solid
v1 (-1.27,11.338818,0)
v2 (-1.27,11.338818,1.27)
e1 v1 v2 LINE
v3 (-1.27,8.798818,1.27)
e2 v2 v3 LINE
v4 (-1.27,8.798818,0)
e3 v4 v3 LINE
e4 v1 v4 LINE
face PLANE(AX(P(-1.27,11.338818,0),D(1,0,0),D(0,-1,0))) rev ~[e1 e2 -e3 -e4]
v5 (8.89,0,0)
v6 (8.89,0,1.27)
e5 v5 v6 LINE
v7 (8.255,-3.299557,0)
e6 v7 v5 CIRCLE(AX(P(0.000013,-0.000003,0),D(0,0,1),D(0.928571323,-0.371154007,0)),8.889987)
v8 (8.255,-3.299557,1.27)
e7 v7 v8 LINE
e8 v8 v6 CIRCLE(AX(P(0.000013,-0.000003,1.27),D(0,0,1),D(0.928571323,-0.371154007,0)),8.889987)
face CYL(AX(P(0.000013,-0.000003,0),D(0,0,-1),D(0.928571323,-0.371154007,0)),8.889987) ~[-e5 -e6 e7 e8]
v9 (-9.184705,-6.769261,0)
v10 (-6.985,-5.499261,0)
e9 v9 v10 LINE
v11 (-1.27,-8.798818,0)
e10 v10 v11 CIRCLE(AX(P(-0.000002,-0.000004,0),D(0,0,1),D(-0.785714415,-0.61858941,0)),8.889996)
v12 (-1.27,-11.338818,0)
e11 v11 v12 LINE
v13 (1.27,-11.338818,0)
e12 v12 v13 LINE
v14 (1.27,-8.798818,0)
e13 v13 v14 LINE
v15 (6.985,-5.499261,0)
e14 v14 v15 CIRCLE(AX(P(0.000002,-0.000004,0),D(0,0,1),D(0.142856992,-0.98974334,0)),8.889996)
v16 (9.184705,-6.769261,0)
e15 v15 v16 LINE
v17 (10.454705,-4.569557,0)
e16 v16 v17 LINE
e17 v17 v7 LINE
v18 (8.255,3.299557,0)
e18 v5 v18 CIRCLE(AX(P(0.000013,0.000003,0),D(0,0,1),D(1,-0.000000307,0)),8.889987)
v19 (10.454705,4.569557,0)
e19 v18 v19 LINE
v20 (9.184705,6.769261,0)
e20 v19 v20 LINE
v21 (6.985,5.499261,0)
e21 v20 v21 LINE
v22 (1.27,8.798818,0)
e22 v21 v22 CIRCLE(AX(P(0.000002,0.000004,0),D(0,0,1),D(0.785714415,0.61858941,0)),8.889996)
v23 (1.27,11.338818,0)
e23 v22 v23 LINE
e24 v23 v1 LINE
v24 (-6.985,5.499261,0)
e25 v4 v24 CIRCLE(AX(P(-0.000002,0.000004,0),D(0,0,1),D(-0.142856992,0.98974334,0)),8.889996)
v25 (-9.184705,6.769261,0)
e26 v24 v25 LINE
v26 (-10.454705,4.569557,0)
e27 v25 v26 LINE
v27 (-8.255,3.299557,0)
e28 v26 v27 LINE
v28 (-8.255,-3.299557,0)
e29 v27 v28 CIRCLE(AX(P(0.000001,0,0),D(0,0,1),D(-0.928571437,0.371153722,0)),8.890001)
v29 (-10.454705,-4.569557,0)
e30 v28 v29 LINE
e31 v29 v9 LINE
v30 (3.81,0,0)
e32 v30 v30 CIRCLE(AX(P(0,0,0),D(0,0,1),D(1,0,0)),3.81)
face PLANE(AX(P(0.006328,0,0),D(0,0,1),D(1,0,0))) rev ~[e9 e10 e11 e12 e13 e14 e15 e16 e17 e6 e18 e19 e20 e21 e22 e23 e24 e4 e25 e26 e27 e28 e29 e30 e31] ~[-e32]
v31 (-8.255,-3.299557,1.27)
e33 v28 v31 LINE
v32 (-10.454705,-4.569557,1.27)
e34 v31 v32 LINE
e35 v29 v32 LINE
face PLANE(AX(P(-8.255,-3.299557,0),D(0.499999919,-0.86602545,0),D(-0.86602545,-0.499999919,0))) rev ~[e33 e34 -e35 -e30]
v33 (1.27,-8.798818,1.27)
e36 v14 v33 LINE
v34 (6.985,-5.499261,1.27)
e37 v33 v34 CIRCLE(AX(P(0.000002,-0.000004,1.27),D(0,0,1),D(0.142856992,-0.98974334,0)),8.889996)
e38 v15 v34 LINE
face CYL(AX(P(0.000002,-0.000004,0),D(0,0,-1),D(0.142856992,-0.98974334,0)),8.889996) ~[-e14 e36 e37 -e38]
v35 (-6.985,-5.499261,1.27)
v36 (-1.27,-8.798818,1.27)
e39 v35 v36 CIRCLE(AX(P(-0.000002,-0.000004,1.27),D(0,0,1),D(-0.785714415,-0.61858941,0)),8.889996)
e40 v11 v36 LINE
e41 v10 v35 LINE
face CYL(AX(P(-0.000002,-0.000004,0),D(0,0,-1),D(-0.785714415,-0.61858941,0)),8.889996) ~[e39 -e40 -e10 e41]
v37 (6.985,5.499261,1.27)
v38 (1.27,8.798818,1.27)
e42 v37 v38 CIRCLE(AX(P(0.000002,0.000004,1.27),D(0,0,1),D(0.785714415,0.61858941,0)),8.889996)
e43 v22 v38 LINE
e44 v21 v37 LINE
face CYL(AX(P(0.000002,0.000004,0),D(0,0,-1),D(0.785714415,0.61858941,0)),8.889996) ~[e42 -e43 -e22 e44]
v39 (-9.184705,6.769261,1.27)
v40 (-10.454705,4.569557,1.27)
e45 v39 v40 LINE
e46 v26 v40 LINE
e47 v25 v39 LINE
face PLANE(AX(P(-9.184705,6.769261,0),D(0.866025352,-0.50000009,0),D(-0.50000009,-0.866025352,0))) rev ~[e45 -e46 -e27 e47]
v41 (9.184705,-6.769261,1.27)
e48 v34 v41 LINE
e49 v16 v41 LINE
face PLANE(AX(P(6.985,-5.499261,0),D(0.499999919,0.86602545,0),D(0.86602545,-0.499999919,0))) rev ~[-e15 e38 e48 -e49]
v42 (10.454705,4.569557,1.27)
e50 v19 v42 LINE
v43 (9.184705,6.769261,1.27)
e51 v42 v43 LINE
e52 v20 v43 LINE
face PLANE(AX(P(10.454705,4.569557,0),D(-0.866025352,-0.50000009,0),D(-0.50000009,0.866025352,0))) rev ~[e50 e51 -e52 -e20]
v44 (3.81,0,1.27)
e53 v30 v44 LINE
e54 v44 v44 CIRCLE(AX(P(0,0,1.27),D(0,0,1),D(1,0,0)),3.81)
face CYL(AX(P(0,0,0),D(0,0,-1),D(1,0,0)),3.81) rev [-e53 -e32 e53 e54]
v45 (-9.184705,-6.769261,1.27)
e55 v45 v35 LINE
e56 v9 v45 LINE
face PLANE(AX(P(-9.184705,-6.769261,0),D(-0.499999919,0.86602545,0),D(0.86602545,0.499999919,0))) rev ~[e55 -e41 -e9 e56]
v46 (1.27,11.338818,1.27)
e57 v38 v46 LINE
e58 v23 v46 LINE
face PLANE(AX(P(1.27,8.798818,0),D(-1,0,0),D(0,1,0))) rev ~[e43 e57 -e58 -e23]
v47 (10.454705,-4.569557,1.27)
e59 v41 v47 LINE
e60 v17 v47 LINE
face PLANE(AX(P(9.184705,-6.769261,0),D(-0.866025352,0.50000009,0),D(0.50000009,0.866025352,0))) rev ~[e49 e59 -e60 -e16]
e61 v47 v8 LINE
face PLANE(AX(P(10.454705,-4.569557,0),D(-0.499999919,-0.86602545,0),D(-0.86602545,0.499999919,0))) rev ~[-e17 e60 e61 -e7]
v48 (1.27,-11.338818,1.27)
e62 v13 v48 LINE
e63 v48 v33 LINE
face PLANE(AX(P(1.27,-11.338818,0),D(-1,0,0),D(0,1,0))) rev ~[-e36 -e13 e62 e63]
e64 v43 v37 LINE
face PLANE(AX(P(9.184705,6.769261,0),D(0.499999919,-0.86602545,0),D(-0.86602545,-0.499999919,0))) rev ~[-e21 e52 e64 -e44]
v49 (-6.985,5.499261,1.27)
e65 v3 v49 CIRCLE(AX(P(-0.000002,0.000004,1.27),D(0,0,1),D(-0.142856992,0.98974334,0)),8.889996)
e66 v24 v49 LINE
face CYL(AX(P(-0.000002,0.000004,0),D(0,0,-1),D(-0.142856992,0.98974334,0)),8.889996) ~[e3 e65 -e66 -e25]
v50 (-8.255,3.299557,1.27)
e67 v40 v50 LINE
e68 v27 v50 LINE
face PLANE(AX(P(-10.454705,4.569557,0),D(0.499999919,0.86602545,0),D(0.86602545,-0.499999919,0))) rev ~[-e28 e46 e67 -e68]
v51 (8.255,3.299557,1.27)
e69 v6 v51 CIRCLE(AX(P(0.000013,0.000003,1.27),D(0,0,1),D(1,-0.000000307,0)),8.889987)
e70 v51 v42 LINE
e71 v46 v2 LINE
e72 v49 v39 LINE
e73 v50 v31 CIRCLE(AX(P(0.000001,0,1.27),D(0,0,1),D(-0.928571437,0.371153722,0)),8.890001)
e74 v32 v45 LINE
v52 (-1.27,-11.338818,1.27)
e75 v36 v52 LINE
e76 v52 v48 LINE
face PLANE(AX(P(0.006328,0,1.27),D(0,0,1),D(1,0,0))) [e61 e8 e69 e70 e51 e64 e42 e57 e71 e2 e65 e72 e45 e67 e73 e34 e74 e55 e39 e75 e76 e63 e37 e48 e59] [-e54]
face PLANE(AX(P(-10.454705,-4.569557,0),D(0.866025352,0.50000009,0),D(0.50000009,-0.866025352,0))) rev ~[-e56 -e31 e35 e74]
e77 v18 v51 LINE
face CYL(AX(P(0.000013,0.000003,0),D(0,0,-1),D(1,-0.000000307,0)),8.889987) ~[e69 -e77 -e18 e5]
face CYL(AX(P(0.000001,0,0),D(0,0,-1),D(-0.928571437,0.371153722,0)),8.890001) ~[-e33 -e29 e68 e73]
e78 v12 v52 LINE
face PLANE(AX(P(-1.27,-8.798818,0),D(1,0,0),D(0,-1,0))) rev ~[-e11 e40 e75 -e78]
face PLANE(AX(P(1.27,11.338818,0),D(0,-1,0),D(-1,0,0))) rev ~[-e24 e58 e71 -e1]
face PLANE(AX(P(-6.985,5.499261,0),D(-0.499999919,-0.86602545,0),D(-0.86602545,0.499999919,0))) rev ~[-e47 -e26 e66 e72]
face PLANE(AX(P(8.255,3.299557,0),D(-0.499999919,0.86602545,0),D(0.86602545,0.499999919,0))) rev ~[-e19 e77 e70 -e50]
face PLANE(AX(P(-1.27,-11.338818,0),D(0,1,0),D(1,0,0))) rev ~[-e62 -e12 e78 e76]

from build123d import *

# Parameters (mm, degrees)
F0_R     = 3.81
F1_DEPTH = 1.27


with BuildPart() as f1:
    # F0 (on Top) → F1 (new body)
    with BuildSketch(Plane.XY):
        with BuildLine():
            ThreePointArc((8.255, -3.299557), (8.729807, -1.680052), (8.89, 0))
            ThreePointArc((8.89, 0), (8.729807, 1.680052), (8.255, 3.299557))
            ThreePointArc((8.255, 3.299557), (7.698966, 4.445), (6.985, 5.499261))
            ThreePointArc((6.985, 5.499261), (4.445, 7.698966), (1.27, 8.798818))
            ThreePointArc((1.27, 8.798818), (0, 8.89), (-1.27, 8.798818))
            ThreePointArc((-1.27, 8.798818), (-4.445, 7.698966), (-6.985, 5.499261))
            ThreePointArc((-6.985, 5.499261), (-7.698966, 4.445), (-8.255, 3.299557))
            ThreePointArc((-8.255, 3.299557), (-8.89, 0), (-8.255, -3.299557))
            ThreePointArc((-8.255, -3.299557), (-7.698966, -4.445), (-6.985, -5.499261))
            ThreePointArc((-6.985, -5.499261), (-4.445, -7.698966), (-1.27, -8.798818))
            ThreePointArc((-1.27, -8.798818), (0, -8.89), (1.27, -8.798818))
            ThreePointArc((1.27, -8.798818), (4.445, -7.698966), (6.985, -5.499261))
            ThreePointArc((6.985, -5.499261), (7.698966, -4.445), (8.255, -3.299557))
        make_face()
        Circle(F0_R, mode=Mode.SUBTRACT)
        with BuildLine():
            ThreePointArc((-1.27, 8.798818), (0, 8.89), (1.27, 8.798818))
            Line((1.27, 8.798818), (1.27, 11.338818))
            Line((1.27, 11.338818), (-1.27, 11.338818))
            Line((-1.27, 11.338818), (-1.27, 8.798818))
        make_face()
        with BuildLine():
            ThreePointArc((6.985, 5.499261), (7.698966, 4.445), (8.255, 3.299557))
            Line((8.255, 3.299557), (10.454705, 4.569557))
            Line((10.454705, 4.569557), (9.184705, 6.769261))
            Line((9.184705, 6.769261), (6.985, 5.499261))
        make_face()
        with BuildLine():
            Line((10.454705, -4.569557), (8.255, -3.299557))
            ThreePointArc((8.255, -3.299557), (7.698966, -4.445), (6.985, -5.499261))
            Line((6.985, -5.499261), (9.184705, -6.769261))
            Line((9.184705, -6.769261), (10.454705, -4.569557))
        make_face()
        with BuildLine():
            Line((1.27, -11.338818), (1.27, -8.798818))
            ThreePointArc((1.27, -8.798818), (0, -8.89), (-1.27, -8.798818))
            Line((-1.27, -8.798818), (-1.27, -11.338818))
            Line((-1.27, -11.338818), (1.27, -11.338818))
        make_face()
        with BuildLine():
            Line((-9.184705, -6.769261), (-6.985, -5.499261))
            ThreePointArc((-6.985, -5.499261), (-7.698966, -4.445), (-8.255, -3.299557))
            Line((-8.255, -3.299557), (-10.454705, -4.569557))
            Line((-10.454705, -4.569557), (-9.184705, -6.769261))
        make_face()
        with BuildLine():
            ThreePointArc((-8.255, 3.299557), (-7.698966, 4.445), (-6.985, 5.499261))
            Line((-6.985, 5.499261), (-9.184705, 6.769261))
            Line((-9.184705, 6.769261), (-10.454705, 4.569557))
            Line((-10.454705, 4.569557), (-8.255, 3.299557))
        make_face()
    extrude(amount=F1_DEPTH)


solid = f1.part
